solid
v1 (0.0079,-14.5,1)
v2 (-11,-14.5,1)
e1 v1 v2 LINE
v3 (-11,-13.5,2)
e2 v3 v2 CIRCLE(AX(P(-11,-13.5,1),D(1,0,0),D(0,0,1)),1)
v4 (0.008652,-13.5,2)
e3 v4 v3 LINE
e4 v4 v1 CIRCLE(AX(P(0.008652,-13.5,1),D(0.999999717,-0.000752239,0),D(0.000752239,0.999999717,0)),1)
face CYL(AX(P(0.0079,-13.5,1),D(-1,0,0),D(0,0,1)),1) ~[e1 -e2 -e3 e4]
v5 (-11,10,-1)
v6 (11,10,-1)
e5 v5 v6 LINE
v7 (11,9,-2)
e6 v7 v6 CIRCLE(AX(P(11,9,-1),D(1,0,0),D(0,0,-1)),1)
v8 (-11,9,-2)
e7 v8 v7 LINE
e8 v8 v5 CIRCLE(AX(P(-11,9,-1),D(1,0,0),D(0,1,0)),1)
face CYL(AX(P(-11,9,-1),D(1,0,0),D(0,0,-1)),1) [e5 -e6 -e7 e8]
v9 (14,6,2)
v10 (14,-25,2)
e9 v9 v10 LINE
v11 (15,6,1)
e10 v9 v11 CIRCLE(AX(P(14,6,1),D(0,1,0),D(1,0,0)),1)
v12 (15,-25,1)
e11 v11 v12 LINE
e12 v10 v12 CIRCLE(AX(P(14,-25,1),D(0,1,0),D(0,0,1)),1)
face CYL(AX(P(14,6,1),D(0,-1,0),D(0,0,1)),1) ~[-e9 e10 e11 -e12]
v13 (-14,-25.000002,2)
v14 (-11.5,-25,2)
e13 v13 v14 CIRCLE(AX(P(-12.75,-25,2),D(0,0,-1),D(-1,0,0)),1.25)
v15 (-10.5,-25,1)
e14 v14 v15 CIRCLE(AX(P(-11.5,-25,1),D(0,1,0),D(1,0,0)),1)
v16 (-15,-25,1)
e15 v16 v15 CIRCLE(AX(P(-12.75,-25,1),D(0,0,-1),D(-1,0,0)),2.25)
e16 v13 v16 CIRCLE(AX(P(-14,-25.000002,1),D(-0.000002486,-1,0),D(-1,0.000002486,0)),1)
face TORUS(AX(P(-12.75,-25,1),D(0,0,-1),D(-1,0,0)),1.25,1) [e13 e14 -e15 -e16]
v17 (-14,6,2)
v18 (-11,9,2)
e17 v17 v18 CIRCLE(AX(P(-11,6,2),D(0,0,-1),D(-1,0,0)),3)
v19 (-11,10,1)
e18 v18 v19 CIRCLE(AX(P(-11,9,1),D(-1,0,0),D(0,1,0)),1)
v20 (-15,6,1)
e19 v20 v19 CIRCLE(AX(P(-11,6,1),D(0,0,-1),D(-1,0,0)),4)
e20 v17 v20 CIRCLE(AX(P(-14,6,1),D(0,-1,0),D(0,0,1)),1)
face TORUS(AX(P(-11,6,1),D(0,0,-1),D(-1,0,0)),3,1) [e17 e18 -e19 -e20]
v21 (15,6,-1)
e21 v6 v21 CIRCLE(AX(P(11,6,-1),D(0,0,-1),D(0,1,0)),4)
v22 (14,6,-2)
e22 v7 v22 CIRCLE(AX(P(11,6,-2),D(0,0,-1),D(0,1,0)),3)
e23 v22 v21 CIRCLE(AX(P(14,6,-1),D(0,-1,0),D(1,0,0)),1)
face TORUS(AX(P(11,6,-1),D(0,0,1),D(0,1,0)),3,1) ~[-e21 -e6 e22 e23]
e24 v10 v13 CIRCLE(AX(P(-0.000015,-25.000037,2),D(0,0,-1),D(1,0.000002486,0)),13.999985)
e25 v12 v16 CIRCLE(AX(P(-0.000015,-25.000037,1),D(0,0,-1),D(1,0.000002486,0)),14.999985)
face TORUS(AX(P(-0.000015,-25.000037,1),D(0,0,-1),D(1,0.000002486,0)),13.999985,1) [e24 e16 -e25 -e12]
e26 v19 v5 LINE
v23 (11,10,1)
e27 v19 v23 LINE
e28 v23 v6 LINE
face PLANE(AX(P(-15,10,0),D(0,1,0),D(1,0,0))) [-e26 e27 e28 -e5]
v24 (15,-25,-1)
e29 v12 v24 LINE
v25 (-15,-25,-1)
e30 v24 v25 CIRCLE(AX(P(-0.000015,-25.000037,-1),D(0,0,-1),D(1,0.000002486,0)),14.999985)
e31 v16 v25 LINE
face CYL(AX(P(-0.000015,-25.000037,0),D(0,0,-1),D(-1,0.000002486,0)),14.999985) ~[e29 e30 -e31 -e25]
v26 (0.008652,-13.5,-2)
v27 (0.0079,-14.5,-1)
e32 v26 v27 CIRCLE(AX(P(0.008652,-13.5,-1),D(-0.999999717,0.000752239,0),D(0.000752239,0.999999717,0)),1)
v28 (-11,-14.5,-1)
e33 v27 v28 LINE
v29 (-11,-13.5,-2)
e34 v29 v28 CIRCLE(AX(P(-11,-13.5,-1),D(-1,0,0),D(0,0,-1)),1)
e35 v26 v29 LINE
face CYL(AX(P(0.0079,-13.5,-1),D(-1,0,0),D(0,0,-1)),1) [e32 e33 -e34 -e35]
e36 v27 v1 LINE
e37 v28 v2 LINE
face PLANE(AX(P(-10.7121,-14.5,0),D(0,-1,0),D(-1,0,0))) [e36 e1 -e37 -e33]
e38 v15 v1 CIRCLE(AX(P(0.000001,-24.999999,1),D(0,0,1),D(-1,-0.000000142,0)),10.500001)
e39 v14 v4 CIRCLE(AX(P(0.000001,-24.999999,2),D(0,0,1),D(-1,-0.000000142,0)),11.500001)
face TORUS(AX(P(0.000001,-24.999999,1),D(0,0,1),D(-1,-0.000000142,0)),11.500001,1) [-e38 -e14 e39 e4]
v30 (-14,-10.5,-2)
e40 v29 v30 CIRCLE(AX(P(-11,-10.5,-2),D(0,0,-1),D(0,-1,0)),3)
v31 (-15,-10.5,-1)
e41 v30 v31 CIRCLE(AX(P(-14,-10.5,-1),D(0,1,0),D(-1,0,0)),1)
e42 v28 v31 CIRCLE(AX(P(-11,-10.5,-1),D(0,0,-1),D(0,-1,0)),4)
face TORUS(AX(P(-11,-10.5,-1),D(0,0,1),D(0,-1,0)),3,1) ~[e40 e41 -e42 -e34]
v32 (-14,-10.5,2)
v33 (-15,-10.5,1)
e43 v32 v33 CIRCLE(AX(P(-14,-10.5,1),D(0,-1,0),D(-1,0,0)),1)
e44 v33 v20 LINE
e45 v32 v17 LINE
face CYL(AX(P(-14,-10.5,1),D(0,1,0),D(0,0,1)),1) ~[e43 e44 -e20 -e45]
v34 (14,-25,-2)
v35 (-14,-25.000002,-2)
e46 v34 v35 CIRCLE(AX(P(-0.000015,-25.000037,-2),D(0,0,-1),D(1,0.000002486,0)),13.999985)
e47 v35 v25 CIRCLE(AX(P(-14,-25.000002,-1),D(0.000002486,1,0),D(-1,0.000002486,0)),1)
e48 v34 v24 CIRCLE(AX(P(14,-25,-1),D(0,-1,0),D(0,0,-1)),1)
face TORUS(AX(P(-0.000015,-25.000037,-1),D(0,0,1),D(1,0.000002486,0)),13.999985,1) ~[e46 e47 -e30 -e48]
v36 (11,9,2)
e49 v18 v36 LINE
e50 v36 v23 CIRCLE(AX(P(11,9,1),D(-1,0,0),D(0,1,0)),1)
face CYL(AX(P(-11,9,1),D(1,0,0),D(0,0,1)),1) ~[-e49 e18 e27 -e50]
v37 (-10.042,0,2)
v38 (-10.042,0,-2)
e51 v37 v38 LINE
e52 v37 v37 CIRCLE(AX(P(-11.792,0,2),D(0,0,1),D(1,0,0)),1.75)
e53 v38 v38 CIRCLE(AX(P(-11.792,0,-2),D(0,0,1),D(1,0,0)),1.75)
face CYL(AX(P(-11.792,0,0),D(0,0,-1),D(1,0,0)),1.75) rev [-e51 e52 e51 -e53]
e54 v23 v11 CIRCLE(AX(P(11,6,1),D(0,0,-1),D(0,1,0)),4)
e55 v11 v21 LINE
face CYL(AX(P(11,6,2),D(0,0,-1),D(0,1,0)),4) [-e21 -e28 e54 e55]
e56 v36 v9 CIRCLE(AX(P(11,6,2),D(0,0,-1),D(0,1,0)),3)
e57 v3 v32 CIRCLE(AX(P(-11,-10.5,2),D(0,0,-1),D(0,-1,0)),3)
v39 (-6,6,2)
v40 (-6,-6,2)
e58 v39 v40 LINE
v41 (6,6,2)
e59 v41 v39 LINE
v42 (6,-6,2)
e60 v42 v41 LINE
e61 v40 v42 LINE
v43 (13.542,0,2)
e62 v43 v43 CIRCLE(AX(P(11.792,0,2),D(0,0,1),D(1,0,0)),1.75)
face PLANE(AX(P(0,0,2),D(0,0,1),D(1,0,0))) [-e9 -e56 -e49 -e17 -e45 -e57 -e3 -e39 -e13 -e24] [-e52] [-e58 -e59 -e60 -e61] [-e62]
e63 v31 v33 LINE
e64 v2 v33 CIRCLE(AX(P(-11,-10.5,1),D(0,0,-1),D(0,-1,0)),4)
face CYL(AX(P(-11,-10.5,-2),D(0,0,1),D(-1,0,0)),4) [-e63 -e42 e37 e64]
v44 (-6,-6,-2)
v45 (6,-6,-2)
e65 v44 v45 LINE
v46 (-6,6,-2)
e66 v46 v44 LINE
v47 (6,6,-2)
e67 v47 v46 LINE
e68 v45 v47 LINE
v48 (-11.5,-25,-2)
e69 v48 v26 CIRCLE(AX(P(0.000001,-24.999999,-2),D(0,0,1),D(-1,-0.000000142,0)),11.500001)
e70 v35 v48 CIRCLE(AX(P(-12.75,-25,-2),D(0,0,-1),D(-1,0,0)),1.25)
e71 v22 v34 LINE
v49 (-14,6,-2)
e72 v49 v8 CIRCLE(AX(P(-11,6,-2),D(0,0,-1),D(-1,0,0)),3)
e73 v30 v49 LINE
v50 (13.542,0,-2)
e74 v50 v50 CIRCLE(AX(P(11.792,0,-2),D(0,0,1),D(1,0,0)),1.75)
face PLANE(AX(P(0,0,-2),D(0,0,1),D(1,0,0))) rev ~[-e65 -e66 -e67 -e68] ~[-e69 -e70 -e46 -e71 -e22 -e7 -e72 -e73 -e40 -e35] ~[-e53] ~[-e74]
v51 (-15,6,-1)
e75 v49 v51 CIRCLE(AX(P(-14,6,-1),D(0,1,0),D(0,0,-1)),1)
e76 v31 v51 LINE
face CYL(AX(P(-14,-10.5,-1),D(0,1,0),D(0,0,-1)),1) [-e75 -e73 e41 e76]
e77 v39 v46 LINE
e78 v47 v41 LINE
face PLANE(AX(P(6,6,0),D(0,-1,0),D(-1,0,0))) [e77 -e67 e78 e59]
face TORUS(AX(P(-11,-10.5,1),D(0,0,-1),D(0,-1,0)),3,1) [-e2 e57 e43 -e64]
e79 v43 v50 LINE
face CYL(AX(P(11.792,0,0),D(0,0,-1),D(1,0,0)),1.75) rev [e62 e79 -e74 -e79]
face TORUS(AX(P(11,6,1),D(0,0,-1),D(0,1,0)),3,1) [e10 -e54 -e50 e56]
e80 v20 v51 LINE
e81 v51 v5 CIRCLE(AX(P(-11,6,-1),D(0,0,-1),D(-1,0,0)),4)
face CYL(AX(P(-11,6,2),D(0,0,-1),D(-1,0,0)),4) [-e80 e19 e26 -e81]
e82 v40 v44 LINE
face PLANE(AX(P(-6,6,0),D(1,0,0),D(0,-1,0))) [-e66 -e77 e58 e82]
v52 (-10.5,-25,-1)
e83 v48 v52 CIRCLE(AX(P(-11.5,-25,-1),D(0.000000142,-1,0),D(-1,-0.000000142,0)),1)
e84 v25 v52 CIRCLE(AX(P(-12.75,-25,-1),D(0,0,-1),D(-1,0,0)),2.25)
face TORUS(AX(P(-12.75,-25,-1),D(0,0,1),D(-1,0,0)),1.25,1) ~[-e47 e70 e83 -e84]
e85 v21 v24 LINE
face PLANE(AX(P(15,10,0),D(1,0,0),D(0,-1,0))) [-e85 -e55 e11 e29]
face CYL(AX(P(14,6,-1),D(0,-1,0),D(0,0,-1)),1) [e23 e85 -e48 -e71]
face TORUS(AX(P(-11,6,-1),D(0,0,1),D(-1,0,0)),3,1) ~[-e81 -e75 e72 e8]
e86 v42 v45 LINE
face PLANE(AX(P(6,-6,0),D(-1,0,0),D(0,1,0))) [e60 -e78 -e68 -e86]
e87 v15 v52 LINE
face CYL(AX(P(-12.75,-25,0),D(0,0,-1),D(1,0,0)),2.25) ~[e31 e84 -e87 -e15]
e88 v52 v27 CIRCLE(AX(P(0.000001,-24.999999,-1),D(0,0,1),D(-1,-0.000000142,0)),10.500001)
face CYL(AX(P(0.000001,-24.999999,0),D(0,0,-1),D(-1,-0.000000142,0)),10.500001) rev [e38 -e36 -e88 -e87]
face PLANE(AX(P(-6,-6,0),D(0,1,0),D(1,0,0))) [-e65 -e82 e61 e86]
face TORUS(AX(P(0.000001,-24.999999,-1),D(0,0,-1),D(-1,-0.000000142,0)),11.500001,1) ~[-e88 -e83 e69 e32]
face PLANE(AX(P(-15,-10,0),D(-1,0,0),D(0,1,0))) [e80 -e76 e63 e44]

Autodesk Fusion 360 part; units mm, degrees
sketch "Sketch1" plane through (0, 0, 0) normal (0, 0, 1) x (1, 0, 0)
  line L0 (-15, -10) -> (-15, 10)
  line L1 (-15, 10) -> (15, 10)
  line L2 (15, 10) -> (15, -10)
  line L3 (15, -10) -> (-15, 10) construction
  line L4 (-15, -10) -> (15, 10) construction
  line L5 (15, -10) -> (15, -25)
  line L6 (0.0079, -14.5) -> (-15, -14.5)
  line L7 (-15, -10) -> (-15, -14.5)
  arc A0 (-10.5, -25) -> (-0.0079, -14.5) centre (0, -25) ccw
  arc A1 (-15, -25) -> (-10.7121, -14.5) centre (0, -25) ccw
  arc A2 (-10.5, -25) -> (-15, -25) centre (-12.75, -25) ccw
  line L8 (6, 6) -> (-6, 6)
  line L9 (-6, 6) -> (-6, -6)
  line L10 (-6, -6) -> (6, -6)
  line L11 (6, -6) -> (6, 6)
  line L12 (6, 6) -> (-6, -6) construction
  line L13 (-6, 6) -> (6, -6) construction
  circle A3 centre (-11.792, 0) radius 1.75
  circle A4 centre (11.792, 0) radius 1.75
  dimension "d1" = 30
  dimension "d3" = 12
  dimension "d4" = 12
  dimension "d5" = 3.5
extrude "Extrude1" add sketch "Sketch1" along normal mid plane 4 contours L0 L1 L2 L5 L6 L7 A1
extrude "Extrude2" add sketch "Sketch1" along normal mid plane 4 contours L6 A0 A1 A2
fillet "Fillet1" radius 4 2 edges at (-15, 10, 0) (15, 10, 0)
fillet "Fillet2" radius 4 1 edges at (-15, -14.5, 0)
fillet "Fillet3" radius 1 20 edges at (13.8284, 8.8284, 2) (0, 10, 2) (-13.8284, 8.8284, 2) (-15, -2.25, 2) (-13.8284, -13.3284, 2) (-5.5039, -14.5, 2) (7.4274, -32.4218, 2) (-12.75, -22.75, 2) (0, -40, 2) (15, -9.5, 2) (7.4274, -32.4218, -2) (-5.5039, -14.5, -2) (-13.8284, -13.3284, -2) (-15, -2.25, -2) (-13.8284, 8.8284, -2) (0, 10, -2) (13.8284, 8.8284, -2) (15, -9.5, -2) (0, -40, -2) (-12.75, -22.75, -2)
